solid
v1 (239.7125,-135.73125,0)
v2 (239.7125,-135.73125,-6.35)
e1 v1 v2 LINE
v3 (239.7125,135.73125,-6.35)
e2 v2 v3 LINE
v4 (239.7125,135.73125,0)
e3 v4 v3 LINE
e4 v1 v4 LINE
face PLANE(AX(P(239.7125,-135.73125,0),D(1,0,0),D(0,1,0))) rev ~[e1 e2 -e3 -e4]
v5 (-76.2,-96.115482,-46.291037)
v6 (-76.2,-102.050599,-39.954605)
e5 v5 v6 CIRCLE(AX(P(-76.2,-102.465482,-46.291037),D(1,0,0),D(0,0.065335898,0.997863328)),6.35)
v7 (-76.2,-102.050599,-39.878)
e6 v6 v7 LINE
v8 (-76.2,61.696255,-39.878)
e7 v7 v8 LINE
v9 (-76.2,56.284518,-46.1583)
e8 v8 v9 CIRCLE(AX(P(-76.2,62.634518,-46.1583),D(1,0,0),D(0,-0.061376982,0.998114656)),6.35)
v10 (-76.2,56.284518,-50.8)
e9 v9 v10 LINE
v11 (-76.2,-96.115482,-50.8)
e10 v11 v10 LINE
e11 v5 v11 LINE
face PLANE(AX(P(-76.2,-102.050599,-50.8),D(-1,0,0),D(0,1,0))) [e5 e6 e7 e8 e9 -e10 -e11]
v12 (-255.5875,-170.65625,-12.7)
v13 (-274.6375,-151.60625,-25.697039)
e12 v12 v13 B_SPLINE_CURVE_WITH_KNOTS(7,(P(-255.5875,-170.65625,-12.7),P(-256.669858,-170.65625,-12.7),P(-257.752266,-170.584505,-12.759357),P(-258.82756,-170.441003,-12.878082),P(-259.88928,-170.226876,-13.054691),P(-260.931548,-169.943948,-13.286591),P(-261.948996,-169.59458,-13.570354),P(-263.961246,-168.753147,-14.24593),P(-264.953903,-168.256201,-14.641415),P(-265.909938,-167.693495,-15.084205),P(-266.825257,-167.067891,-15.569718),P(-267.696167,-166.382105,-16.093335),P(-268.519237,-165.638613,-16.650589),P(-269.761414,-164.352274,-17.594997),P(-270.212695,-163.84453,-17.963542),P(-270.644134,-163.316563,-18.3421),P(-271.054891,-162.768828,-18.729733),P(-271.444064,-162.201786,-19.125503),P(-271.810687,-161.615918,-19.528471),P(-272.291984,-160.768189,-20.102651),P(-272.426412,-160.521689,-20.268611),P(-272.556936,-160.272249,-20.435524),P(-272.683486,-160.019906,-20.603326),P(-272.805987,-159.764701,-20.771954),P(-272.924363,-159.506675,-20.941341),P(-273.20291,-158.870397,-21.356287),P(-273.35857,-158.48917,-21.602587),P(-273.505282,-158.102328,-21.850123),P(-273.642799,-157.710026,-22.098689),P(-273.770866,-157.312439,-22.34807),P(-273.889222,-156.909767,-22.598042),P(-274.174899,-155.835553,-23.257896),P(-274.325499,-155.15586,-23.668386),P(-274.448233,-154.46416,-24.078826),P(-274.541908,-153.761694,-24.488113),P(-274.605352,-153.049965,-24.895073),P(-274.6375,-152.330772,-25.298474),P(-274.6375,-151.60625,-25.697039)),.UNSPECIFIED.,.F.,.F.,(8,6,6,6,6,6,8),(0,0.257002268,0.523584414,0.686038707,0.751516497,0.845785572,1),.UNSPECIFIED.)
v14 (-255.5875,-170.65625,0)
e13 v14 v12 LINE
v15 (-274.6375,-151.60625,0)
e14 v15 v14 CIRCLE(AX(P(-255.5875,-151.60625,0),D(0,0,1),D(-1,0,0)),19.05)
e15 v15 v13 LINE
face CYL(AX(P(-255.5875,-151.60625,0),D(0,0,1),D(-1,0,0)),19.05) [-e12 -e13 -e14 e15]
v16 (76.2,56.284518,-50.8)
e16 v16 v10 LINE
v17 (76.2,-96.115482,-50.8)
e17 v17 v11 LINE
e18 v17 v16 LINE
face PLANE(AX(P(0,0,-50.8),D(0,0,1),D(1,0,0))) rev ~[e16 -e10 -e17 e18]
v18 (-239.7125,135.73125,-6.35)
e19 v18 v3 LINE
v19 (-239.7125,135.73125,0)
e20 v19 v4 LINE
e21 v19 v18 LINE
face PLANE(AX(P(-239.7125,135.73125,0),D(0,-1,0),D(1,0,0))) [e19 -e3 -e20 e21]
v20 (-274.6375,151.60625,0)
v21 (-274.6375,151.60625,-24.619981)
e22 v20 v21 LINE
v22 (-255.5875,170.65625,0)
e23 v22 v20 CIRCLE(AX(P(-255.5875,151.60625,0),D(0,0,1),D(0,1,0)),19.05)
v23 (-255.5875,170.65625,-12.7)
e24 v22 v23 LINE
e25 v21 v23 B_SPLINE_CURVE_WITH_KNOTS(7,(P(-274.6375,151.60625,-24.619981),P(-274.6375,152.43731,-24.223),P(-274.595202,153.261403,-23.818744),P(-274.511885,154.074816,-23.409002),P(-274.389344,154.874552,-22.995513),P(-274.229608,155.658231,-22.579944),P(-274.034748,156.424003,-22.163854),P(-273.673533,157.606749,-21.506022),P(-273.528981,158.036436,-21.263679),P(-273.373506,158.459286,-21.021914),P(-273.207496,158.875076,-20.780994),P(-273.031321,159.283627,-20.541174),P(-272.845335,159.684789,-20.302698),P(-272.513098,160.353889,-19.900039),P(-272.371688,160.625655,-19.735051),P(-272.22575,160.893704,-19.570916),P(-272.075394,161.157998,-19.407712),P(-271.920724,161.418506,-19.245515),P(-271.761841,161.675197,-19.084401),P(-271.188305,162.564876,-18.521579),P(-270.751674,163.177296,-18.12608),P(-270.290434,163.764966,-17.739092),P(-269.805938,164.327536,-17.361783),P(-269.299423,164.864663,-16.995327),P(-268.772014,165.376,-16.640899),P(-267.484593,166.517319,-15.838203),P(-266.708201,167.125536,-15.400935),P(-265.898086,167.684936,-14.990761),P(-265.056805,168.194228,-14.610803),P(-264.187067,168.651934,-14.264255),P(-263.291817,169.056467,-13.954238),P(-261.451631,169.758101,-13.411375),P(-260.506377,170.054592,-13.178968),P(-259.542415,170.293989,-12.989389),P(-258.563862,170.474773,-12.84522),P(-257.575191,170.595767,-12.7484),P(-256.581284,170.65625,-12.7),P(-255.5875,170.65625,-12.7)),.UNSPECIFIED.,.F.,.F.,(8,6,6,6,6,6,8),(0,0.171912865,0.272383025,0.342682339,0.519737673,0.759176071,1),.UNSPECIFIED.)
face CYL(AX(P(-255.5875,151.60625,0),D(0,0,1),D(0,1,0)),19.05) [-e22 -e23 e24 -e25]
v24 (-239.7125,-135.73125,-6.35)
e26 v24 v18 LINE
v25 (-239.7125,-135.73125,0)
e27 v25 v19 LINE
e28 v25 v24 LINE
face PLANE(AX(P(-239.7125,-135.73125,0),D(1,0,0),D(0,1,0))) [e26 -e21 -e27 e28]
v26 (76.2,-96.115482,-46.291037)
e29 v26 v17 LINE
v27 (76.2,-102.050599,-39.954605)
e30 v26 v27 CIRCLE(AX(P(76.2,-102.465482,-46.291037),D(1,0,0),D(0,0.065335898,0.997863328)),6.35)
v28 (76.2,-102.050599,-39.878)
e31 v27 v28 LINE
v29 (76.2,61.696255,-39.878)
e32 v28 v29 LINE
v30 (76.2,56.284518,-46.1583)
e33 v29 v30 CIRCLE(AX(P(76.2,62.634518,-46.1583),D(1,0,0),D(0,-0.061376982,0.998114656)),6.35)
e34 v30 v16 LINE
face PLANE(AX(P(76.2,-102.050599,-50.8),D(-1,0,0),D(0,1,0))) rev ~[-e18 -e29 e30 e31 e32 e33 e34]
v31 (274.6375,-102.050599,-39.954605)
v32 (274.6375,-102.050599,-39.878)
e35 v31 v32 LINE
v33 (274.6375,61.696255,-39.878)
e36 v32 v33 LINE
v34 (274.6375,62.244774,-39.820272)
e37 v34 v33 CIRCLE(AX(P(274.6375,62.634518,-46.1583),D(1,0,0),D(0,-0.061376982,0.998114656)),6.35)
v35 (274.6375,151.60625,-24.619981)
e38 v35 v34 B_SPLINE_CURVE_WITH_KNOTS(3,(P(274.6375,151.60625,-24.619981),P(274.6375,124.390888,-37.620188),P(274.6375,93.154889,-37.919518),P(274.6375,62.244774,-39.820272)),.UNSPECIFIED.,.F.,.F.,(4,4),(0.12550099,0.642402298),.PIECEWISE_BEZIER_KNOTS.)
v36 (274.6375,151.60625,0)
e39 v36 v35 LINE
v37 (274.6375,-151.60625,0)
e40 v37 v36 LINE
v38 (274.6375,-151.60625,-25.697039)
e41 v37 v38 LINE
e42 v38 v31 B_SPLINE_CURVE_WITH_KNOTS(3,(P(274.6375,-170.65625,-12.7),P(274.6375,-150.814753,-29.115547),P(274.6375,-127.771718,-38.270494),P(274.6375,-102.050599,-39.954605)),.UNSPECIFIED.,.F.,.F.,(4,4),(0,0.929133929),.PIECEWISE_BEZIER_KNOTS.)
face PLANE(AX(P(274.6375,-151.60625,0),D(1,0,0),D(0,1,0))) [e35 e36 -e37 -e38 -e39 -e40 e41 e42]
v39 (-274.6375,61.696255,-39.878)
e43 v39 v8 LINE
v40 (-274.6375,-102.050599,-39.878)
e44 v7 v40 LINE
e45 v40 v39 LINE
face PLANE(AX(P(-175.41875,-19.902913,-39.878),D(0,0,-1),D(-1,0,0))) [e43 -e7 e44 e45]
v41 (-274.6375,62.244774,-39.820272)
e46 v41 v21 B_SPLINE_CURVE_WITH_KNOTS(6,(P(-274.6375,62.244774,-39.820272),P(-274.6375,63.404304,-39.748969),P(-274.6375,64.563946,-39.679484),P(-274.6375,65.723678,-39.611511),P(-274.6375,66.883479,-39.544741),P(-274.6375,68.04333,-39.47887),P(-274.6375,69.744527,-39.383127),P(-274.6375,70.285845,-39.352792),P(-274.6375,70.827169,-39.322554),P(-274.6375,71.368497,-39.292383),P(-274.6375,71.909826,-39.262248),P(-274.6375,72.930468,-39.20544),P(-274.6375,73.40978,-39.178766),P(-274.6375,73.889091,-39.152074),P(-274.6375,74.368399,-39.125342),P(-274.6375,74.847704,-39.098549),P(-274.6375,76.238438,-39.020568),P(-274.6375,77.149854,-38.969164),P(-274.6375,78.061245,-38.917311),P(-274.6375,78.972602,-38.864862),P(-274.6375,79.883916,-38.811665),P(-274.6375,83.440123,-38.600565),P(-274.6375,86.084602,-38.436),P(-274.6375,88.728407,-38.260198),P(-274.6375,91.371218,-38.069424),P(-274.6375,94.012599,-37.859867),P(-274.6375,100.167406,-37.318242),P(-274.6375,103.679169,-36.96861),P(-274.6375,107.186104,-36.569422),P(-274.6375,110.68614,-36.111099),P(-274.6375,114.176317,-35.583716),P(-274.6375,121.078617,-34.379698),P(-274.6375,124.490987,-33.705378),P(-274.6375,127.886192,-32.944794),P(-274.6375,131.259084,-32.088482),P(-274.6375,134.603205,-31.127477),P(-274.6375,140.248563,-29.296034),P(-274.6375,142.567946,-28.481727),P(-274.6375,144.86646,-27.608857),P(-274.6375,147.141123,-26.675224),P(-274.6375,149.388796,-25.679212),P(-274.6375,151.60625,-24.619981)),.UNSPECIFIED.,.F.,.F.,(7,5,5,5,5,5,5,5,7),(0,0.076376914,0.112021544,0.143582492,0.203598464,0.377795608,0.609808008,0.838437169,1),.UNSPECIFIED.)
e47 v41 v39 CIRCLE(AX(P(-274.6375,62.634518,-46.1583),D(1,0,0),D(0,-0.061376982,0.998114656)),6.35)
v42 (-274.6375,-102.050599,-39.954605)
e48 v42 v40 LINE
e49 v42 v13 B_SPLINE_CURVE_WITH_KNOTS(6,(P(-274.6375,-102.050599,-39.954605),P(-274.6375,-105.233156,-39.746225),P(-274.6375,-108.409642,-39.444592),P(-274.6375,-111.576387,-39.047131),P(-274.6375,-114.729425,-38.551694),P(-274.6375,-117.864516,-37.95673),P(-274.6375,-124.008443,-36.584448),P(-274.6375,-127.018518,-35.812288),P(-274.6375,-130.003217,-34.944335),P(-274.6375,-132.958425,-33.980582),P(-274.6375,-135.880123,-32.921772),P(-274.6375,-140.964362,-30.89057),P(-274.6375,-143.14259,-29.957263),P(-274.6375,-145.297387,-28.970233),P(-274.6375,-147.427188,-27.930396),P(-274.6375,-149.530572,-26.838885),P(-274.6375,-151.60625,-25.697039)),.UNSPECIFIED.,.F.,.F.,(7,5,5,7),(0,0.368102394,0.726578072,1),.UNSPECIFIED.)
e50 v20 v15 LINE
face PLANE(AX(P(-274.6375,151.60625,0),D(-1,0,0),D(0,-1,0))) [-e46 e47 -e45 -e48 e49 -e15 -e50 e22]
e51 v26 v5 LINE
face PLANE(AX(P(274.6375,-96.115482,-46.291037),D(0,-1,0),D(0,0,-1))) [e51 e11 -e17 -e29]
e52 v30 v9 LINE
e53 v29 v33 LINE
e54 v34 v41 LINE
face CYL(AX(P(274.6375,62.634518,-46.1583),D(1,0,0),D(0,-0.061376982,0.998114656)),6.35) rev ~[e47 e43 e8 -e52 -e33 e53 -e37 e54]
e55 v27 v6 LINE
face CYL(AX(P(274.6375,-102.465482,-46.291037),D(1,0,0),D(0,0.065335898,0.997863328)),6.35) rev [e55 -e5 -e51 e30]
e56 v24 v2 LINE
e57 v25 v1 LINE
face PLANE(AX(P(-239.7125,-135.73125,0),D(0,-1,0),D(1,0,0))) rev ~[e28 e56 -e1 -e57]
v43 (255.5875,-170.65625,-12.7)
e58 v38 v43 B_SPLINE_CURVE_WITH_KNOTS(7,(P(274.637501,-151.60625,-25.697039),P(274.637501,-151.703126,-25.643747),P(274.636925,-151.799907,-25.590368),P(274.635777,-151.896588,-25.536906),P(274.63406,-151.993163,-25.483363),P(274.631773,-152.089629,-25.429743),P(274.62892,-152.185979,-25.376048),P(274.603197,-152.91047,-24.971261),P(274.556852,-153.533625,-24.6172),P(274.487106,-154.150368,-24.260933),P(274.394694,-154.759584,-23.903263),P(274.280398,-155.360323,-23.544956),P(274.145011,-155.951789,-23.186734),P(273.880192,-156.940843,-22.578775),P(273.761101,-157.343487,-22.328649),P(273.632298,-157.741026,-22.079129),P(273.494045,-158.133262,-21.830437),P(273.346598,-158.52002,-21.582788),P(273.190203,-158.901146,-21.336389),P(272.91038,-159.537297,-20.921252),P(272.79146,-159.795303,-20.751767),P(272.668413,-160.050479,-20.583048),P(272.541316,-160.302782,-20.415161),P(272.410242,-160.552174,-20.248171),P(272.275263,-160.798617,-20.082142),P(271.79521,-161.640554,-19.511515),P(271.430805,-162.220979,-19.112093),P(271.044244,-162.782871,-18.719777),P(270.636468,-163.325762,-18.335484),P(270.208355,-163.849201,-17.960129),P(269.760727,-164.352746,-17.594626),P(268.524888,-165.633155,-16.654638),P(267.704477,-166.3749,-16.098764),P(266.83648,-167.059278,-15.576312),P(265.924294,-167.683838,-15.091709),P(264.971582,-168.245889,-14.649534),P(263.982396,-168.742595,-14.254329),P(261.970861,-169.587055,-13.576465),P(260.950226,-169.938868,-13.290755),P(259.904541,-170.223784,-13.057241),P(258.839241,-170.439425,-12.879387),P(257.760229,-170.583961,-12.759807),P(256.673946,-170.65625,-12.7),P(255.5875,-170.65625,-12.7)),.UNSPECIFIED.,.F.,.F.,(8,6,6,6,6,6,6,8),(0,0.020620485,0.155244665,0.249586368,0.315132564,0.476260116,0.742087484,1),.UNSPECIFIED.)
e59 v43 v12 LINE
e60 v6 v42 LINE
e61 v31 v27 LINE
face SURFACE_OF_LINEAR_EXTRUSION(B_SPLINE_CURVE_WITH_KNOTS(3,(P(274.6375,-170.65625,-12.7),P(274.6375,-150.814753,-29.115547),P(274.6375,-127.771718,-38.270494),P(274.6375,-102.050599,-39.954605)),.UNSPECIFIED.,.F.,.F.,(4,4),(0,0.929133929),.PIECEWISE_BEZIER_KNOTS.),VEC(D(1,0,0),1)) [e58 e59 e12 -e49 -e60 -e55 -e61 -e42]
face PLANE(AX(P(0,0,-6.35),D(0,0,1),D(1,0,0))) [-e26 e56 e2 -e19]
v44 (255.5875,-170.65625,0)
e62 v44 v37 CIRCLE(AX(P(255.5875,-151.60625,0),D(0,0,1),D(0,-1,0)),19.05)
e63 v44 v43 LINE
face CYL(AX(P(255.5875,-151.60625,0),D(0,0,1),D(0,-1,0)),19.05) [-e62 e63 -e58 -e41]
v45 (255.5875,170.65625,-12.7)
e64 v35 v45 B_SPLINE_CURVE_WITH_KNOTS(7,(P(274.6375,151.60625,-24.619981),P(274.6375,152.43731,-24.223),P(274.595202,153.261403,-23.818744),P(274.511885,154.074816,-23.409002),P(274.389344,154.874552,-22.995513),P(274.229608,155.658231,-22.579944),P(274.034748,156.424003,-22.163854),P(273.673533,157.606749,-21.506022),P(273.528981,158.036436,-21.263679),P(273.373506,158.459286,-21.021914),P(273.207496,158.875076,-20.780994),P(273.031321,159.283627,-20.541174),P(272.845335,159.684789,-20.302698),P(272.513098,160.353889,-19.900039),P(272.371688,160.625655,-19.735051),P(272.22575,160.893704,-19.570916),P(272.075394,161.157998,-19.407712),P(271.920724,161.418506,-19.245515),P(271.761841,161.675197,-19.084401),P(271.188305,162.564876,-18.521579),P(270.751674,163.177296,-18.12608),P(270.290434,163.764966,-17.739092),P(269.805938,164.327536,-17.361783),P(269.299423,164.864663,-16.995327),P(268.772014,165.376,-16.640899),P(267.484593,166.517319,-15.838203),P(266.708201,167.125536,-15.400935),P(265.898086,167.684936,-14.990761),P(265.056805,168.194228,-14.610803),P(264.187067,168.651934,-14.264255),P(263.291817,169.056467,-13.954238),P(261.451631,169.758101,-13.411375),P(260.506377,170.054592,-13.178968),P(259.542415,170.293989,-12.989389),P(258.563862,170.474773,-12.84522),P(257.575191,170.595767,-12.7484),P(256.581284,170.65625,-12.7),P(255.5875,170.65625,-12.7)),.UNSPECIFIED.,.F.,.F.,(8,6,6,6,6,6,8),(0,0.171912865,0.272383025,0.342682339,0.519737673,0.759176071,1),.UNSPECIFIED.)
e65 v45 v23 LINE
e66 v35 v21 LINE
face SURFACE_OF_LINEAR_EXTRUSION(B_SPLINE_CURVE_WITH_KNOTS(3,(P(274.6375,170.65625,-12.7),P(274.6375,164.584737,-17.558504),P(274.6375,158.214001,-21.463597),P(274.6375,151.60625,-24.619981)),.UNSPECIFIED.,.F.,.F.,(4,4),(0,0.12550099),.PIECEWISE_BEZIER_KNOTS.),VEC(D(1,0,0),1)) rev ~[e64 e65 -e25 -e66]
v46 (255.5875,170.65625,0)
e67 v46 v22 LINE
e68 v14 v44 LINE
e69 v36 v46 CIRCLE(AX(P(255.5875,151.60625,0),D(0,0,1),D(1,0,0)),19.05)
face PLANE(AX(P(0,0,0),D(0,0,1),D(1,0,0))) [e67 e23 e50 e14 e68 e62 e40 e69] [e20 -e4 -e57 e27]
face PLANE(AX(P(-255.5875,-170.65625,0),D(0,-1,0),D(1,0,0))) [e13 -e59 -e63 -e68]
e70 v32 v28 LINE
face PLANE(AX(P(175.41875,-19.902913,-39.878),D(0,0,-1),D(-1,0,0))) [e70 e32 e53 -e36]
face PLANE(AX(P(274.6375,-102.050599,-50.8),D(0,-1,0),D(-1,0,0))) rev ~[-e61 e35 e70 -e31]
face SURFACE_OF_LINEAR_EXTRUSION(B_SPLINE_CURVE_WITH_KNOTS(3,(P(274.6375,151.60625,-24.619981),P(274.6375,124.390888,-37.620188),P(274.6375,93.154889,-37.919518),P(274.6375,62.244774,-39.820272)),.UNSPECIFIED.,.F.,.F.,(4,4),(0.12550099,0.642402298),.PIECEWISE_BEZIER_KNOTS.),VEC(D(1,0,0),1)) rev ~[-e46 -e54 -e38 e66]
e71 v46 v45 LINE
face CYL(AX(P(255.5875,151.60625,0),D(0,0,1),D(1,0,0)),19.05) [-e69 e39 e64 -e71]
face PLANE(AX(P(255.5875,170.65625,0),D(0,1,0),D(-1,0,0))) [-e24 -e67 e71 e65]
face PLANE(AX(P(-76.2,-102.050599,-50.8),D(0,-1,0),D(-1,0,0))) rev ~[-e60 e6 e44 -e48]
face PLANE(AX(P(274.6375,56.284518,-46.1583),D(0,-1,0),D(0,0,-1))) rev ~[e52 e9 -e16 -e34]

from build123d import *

# Parameters (mm, degrees)
BOSS_EXTRUDE1_DEPTH = 50.8
SKETCH2_W           = 479.425
SKETCH2_H           = 271.4625
CUT_EXTRUDE1_DEPTH  = 6.35
CUT_EXTRUDE2_DEPTH  = 762
SKETCH6_W           = 198.4375
SKETCH6_H           = 164.295373215
CUT_EXTRUDE3_DEPTH  = 10.922


with BuildPart() as part:
    # Sketch1 → Boss-Extrude1 (new body)
    with BuildSketch(Plane.XY):
        with BuildLine():
            Line((-255.5875, -170.65625), (255.5875, -170.65625))
            ThreePointArc((255.5875, -170.65625), (269.057884182, -165.076634182), (274.6375, -151.60625))
            Line((274.6375, -151.60625), (274.6375, 151.60625))
            ThreePointArc((274.6375, 151.60625), (269.057884182, 165.076634182), (255.5875, 170.65625))
            Line((255.5875, 170.65625), (-255.5875, 170.65625))
            ThreePointArc((-255.5875, 170.65625), (-269.057884182, 165.076634182), (-274.6375, 151.60625))
            Line((-274.6375, 151.60625), (-274.6375, -151.60625))
            ThreePointArc((-274.6375, -151.60625), (-269.057884182, -165.076634182), (-255.5875, -170.65625))
        make_face()
    extrude(amount=-BOSS_EXTRUDE1_DEPTH)

    # Sketch2 → Cut-Extrude1 (cut)
    with BuildSketch(Plane.XY):
        Rectangle(SKETCH2_W, SKETCH2_H)
    extrude(amount=-CUT_EXTRUDE1_DEPTH, mode=Mode.SUBTRACT)

    # Sketch4 → Cut-Extrude2 (cut)
    with BuildSketch(Plane(origin=(274.6375, 0, 0), x_dir=(0, 0, -1), z_dir=(1, 0, 0))):
        with BuildLine():
            Line((50.8, 151.60625), (24.619980511, 151.60625))
            add(Edge.make_bspline(
                [(24.619980511, 151.60625), (37.620188453, 124.390887767), (37.919518366, 93.154889178), (39.820271532, 62.244773812)],
                knots=[0.12550099, 0.12550099, 0.12550099, 0.12550099, 0.642402298, 0.642402298, 0.642402298, 0.642402298], degree=3))
            ThreePointArc((39.820271532, 62.244773812), (41.808148642, 58.008646197), (46.158299596, 56.284517648))
            Line((46.158299596, 56.284517648), (50.8, 56.284517648))
            Line((50.8, 56.284517648), (50.8, 151.60625))
        make_face()
        with BuildLine():
            Line((50.8, 170.65625), (12.7, 170.65625))
            add(Edge.make_bspline(
                [(12.7, 170.65625), (17.558504138, 164.584737247), (21.463596597, 158.21400058), (24.619980511, 151.60625)],
                knots=[0, 0, 0, 0, 0.12550099, 0.12550099, 0.12550099, 0.12550099], degree=3))
            Line((24.619980511, 151.60625), (50.8, 151.60625))
            Line((50.8, 151.60625), (50.8, 170.65625))
        make_face()
        with BuildLine():
            Line((50.8, -96.115482352), (50.8, -170.65625))
            Line((50.8, -170.65625), (12.7, -170.65625))
            add(Edge.make_bspline(
                [(12.7, -170.65625), (29.115546881, -150.814752865), (38.270494448, -127.771718295), (39.954605231, -102.050599403)],
                knots=[0, 0, 0, 0, 0.929133929, 0.929133929, 0.929133929, 0.929133929], degree=3))
            ThreePointArc((39.954605231, -102.050599403), (41.950070115, -97.830991726), (46.291037361, -96.115482352))
            Line((46.291037361, -96.115482352), (50.8, -96.115482352))
        make_face()
    extrude(amount=-CUT_EXTRUDE2_DEPTH, mode=Mode.SUBTRACT)

    # Sketch6 → Cut-Extrude3 (cut)
    with BuildSketch(Plane(origin=(0, 0, -50.8), x_dir=(-1, 0, 0), z_dir=(0, 0, -1))):
        with Locations((-175.41875, -19.902912796)):
            Rectangle(SKETCH6_W, SKETCH6_H)
        with Locations((175.41875, -19.902912796)):
            Rectangle(SKETCH6_W, SKETCH6_H)
    extrude(amount=-CUT_EXTRUDE3_DEPTH, mode=Mode.SUBTRACT)


solid = part.part
